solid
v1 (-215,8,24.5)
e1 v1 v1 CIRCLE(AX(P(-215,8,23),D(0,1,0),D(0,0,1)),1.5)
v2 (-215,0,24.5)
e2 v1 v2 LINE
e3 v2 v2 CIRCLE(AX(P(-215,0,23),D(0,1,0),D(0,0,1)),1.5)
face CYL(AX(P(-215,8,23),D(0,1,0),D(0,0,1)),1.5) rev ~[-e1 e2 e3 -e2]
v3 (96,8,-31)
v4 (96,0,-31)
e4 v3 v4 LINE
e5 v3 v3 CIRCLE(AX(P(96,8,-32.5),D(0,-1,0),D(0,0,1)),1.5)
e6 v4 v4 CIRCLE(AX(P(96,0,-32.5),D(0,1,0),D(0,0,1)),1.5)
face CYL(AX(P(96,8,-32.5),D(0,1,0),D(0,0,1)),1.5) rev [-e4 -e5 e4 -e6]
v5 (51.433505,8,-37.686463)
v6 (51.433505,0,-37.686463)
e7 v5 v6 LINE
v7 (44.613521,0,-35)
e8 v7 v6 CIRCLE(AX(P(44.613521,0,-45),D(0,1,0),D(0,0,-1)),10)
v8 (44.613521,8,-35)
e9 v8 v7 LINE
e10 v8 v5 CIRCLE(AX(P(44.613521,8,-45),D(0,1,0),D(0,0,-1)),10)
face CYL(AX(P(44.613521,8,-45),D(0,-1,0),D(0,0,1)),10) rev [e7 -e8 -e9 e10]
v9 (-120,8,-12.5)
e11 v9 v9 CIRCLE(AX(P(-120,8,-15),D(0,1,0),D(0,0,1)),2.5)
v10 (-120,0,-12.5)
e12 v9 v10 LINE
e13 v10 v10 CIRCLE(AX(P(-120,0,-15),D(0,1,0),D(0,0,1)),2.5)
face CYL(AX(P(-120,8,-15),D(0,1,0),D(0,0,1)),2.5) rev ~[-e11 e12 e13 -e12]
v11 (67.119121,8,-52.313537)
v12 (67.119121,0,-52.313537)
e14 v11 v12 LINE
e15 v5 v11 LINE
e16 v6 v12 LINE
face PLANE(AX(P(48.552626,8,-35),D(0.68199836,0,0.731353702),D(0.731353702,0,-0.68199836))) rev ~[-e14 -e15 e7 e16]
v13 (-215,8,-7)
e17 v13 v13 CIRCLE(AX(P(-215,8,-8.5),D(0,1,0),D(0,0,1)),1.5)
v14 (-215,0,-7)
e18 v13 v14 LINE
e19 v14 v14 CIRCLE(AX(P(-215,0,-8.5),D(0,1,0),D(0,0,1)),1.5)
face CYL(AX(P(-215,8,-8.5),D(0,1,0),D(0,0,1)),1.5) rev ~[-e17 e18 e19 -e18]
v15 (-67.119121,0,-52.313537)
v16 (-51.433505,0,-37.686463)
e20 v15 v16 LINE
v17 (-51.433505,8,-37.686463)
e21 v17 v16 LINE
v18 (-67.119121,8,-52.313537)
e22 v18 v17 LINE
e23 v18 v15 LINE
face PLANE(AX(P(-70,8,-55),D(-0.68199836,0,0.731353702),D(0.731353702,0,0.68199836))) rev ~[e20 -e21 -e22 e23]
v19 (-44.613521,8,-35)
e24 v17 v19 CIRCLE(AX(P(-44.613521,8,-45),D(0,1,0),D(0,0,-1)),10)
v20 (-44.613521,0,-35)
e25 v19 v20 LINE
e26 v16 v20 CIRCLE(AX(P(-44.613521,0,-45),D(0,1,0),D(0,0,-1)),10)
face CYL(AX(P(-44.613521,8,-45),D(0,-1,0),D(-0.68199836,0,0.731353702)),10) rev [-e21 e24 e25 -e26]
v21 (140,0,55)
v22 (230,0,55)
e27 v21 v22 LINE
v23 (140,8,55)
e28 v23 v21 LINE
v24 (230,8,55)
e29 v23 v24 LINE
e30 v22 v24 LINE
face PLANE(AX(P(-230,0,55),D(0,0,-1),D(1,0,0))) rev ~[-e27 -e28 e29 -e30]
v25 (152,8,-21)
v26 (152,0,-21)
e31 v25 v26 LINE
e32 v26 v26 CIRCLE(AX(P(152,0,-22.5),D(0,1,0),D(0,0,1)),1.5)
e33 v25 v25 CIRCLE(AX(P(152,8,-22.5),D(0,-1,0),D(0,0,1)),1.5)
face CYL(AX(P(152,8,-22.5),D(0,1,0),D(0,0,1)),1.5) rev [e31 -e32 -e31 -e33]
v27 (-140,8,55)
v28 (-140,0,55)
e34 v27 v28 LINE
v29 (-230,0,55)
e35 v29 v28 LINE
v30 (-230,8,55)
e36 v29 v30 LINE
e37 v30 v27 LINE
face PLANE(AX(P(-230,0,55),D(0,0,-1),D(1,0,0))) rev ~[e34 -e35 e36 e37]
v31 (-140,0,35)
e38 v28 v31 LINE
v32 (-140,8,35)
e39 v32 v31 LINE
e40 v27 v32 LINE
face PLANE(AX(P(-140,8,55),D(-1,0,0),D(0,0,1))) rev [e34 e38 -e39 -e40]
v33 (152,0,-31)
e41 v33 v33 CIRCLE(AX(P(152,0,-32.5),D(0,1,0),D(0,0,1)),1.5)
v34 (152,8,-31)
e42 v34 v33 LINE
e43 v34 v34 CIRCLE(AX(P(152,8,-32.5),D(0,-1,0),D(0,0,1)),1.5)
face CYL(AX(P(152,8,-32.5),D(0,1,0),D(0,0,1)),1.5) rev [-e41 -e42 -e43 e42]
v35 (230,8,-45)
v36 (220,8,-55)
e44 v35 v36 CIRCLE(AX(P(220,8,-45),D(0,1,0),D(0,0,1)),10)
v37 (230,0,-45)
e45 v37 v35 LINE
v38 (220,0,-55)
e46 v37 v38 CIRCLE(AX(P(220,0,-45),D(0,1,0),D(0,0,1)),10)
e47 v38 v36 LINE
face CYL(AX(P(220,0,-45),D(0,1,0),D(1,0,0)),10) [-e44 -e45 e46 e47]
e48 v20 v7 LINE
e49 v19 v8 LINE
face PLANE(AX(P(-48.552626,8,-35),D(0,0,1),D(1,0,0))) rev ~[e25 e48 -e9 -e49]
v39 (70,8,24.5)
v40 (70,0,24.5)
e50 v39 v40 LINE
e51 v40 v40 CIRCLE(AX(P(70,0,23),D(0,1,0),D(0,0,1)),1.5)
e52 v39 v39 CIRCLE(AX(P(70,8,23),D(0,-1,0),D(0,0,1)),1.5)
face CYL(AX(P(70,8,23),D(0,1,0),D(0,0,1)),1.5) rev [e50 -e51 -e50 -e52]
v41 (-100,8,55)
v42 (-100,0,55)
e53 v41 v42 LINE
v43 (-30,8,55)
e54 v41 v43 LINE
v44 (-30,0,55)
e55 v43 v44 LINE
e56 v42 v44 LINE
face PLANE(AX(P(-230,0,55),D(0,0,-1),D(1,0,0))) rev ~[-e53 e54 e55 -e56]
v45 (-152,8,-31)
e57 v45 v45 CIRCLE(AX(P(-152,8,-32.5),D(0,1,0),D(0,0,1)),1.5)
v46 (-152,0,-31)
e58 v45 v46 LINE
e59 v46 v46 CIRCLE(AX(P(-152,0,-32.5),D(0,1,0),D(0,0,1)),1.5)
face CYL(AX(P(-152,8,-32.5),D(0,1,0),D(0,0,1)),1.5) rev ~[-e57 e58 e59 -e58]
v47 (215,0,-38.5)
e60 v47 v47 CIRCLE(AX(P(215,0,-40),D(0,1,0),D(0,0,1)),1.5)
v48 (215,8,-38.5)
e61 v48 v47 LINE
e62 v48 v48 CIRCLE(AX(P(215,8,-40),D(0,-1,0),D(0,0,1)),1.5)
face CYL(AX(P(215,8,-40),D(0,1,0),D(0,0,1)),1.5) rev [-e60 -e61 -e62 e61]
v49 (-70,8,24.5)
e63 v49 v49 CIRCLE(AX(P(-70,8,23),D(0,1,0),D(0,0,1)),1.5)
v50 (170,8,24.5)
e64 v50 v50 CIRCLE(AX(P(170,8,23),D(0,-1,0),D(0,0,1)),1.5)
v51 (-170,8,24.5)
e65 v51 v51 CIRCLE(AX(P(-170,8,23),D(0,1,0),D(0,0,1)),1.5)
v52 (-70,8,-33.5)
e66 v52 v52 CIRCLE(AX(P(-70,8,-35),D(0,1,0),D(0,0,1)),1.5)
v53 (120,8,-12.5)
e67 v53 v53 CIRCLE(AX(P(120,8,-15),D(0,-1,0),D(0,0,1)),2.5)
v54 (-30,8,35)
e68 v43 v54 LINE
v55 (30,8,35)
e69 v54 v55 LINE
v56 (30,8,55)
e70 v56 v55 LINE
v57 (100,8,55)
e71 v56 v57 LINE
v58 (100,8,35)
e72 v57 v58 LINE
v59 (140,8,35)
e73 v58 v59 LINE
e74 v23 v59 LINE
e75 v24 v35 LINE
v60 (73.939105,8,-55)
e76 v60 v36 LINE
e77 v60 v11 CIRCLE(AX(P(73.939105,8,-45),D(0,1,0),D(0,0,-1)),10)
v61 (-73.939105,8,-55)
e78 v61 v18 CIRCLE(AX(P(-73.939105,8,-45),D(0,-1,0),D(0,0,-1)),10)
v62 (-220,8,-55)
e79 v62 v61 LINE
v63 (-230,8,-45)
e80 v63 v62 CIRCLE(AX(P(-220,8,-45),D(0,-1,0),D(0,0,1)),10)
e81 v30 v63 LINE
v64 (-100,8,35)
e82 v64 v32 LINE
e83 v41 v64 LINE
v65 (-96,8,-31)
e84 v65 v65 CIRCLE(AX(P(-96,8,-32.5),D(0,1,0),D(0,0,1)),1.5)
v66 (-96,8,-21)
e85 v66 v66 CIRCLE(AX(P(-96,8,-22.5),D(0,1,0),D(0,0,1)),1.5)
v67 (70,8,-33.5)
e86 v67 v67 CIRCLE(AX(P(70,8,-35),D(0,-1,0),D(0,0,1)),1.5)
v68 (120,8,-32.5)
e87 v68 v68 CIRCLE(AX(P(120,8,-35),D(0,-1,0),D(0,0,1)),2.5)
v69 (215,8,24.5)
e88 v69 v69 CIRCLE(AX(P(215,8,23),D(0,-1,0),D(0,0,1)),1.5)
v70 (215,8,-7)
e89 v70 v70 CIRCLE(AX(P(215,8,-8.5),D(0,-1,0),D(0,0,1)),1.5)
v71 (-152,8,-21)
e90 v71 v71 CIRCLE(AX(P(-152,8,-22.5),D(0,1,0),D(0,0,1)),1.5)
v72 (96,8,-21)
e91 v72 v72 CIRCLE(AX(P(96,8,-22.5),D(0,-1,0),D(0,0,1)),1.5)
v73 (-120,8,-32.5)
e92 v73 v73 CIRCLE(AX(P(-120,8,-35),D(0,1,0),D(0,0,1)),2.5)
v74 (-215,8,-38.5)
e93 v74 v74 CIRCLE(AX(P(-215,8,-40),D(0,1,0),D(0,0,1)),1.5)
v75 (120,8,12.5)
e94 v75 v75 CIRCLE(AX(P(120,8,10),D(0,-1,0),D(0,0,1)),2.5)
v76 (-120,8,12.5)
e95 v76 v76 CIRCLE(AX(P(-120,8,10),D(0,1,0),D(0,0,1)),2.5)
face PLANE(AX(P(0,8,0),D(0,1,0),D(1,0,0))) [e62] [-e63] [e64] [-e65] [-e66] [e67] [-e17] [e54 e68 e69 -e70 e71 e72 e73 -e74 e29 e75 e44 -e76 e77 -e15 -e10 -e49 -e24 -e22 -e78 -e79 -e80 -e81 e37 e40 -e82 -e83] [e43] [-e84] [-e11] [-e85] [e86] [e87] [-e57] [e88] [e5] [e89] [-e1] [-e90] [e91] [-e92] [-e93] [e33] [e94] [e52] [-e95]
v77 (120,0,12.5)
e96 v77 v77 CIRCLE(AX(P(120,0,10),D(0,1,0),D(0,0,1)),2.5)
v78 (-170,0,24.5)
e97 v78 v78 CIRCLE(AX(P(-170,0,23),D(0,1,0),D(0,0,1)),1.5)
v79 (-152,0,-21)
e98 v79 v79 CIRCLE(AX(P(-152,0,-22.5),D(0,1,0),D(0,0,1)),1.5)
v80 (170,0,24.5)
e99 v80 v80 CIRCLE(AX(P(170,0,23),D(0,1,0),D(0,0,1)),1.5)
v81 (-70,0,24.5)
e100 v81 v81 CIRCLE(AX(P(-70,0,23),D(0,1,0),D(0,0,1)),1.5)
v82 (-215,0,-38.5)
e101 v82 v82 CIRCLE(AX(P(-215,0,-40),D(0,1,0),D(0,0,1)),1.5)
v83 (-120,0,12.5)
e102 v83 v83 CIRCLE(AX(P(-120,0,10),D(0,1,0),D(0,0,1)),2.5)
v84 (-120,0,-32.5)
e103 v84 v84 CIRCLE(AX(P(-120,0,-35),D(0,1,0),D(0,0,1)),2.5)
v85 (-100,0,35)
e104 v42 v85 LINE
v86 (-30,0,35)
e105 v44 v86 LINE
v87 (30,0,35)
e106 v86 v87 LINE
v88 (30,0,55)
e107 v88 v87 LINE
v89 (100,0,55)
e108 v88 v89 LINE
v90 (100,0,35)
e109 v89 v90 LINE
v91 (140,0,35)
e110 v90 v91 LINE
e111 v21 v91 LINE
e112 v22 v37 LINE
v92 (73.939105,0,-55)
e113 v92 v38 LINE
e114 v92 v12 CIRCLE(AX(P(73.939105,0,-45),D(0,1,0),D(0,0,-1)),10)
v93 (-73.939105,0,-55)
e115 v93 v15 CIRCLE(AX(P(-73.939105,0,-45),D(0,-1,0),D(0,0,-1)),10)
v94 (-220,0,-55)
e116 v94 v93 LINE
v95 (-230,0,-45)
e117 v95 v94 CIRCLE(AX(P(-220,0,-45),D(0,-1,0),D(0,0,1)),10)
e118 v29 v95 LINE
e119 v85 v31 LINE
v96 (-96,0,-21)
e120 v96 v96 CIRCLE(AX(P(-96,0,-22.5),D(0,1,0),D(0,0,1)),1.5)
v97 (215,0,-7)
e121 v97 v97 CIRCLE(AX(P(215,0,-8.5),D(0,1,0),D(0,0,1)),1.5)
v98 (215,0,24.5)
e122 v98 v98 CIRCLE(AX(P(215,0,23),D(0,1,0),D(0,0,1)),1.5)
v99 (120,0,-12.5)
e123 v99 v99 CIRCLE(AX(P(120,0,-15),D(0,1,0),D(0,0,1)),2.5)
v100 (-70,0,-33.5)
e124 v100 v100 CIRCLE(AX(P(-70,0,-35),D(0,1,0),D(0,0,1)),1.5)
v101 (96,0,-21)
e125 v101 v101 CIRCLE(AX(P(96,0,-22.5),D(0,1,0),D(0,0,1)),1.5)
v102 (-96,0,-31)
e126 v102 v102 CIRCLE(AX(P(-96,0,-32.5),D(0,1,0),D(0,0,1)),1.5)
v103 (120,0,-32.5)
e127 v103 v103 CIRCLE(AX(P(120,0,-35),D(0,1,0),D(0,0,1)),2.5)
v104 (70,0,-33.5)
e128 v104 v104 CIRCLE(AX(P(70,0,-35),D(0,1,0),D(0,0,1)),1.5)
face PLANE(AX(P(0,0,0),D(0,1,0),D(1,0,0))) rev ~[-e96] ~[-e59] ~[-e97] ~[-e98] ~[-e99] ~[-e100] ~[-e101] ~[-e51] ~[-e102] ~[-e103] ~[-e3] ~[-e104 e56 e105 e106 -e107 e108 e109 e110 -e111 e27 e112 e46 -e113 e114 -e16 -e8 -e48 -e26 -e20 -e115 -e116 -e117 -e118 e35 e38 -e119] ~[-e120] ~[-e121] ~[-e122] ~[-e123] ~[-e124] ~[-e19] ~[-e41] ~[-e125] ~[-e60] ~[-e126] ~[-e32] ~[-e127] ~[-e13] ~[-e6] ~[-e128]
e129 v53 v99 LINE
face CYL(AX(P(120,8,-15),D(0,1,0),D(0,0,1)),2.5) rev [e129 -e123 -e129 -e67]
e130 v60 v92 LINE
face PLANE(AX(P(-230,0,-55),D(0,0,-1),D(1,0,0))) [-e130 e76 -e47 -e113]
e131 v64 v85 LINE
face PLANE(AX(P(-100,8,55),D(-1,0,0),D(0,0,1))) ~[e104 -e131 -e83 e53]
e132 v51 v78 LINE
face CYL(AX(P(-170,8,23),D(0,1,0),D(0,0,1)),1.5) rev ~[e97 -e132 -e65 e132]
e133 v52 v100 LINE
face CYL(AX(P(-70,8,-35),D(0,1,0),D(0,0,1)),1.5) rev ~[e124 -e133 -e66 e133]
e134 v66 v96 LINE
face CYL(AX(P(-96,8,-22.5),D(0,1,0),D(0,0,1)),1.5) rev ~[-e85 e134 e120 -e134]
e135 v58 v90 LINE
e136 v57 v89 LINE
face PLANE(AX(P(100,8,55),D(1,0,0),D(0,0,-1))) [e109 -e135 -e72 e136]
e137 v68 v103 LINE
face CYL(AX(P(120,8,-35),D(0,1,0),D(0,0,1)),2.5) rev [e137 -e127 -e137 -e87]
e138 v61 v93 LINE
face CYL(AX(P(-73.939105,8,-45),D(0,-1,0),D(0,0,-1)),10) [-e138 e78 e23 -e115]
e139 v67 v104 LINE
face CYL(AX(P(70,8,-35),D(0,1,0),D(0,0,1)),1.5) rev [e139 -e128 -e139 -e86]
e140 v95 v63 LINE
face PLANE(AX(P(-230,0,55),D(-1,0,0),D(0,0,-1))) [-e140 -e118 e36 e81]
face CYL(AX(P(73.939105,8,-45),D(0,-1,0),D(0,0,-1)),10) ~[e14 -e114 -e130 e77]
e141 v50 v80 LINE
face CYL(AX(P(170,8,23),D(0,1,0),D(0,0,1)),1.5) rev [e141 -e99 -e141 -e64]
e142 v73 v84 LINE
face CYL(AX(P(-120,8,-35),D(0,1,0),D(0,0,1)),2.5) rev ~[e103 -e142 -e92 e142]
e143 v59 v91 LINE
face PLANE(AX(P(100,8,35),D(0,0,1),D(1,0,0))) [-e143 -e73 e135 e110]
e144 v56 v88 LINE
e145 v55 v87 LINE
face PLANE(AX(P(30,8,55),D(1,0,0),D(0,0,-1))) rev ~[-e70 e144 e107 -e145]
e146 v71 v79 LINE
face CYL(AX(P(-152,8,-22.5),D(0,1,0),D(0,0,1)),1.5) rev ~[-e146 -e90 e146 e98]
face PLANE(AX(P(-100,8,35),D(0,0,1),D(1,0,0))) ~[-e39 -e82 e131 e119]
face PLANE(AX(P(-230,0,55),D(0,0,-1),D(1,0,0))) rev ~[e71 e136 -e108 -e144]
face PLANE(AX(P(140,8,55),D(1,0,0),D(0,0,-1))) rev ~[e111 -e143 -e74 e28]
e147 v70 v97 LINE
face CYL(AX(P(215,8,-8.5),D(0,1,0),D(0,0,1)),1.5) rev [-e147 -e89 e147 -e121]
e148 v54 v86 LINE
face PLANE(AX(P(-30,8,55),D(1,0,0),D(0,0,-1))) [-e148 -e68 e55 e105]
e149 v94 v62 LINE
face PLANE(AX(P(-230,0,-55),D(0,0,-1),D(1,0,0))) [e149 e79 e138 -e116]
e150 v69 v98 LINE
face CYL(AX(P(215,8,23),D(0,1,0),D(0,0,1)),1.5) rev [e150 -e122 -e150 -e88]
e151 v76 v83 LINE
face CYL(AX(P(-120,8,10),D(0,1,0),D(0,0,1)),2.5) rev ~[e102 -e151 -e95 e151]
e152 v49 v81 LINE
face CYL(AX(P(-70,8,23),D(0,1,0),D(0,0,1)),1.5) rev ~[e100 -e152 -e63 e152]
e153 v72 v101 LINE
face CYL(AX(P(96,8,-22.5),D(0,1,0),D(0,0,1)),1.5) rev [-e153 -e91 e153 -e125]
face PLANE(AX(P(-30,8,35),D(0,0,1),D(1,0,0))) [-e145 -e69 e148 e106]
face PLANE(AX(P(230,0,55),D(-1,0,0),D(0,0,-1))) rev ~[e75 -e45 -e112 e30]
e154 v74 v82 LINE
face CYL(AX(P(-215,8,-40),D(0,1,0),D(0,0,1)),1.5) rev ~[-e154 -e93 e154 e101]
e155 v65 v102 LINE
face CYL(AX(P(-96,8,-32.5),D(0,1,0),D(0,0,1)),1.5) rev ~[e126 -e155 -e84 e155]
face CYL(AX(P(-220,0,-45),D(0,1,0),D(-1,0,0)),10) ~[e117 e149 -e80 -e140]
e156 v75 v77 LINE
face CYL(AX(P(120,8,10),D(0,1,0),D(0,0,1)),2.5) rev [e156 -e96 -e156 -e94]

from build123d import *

# Parameters (mm, degrees)
SKETCH_2_W          = 460
SKETCH_2_H          = 110
EXTRUDE_1_DEPTH     = 8
SKETCH_4_R          = 1.5
CUT_EXTRUDE_1_DEPTH = 237.619948441
SKETCH_3_R          = 2.5
SKETCH_3_R_2        = 1.5
CUT_EXTRUDE_2_DEPTH = 237.619948441
FILLET_1_R          = 10
SKETCH_5_W          = 60
SKETCH_5_H          = 20
SKETCH_5_W_2        = 40
CUT_EXTRUDE_3_DEPTH = 237.619948441


with BuildPart() as part:
    # 草图2 → 凸台-拉伸1 (new body)
    with BuildSketch(Plane(origin=(0, 0, 0), x_dir=(1, 0, 0), z_dir=(0, 1, 0))):
        Rectangle(SKETCH_2_W, SKETCH_2_H)
    extrude(amount=EXTRUDE_1_DEPTH)

    # 草图4 → 切除-拉伸1 (cut, through all)
    with BuildSketch(Plane(origin=(0, 8, 0), x_dir=(1, 0, 0), z_dir=(0, 1, 0))):
        with Locations(Location((-70, 35, 0), (0, 0, 270))):
            Circle(SKETCH_4_R)
        with Locations(Location((-70, -23, 0), (0, 0, 270))):
            Circle(SKETCH_4_R)
        with Locations(Location((-215, -23, 0), (0, 0, 270))):
            Circle(SKETCH_4_R)
        with Locations(Location((-215, 40, 0), (0, 0, 270))):
            Circle(SKETCH_4_R)
        with Locations(Location((-170, -23, 0), (0, 0, 270))):
            Circle(SKETCH_4_R)
        with Locations(Location((-215, 8.5, 0), (0, 0, 270))):
            Circle(SKETCH_4_R)
    cut_extrude_1 = extrude(amount=-CUT_EXTRUDE_1_DEPTH, mode=Mode.SUBTRACT)

    # 草图3 → 切除-拉伸2 (cut, through all)
    with BuildSketch(Plane(origin=(0, 8, 0), x_dir=(1, 0, 0), z_dir=(0, 1, 0))):
        with Locations(Location((-120, 35, 0), (0, 0, 270))):
            Circle(SKETCH_3_R)
        with Locations(Location((-120, 15, 0), (0, 0, 270))):
            Circle(SKETCH_3_R)
        with Locations(Location((-152, 32.5, 0), (0, 0, 270))):
            Circle(SKETCH_3_R_2)
        with Locations(Location((-152, 22.5, 0), (0, 0, 270))):
            Circle(SKETCH_3_R_2)
        with Locations(Location((-96, 32.5, 0), (0, 0, 270))):
            Circle(SKETCH_3_R_2)
        with Locations(Location((-96, 22.5, 0), (0, 0, 270))):
            Circle(SKETCH_3_R_2)
        with Locations(Location((-120, -10, 0), (0, 0, 270))):
            Circle(SKETCH_3_R)
        Polygon((-70, 55), (-48.5526258, 35), (48.5526258, 35), (70, 55), align=None)
    cut_extrude_2 = extrude(amount=-CUT_EXTRUDE_2_DEPTH, mode=Mode.SUBTRACT)

    # 镜向1: 切除-拉伸1, 切除-拉伸2 across plane
    add(cut_extrude_1.mirror(Plane(origin=(0, 0, 0), x_dir=(0, 0, 1), z_dir=(1, 0, 0))), mode=Mode.SUBTRACT)
    add(cut_extrude_2.mirror(Plane(origin=(0, 0, 0), x_dir=(0, 0, 1), z_dir=(1, 0, 0))), mode=Mode.SUBTRACT)

    # 圆角1
    fillet_1_edges = [part.edges().sort_by_distance(p)[0] for p in [
        (-70, 4, -55),
        (70, 4, -55),
        (48.5526258, 4, -35),
        (-48.5526258, 4, -35),
        (-230, 4, -55),
        (230, 4, -55),
    ]]
    fillet(fillet_1_edges, radius=FILLET_1_R)

    # 草图5 → 切除-拉伸3 (cut, through all)
    with BuildSketch(Plane(origin=(0, 8, 0), x_dir=(1, 0, 0), z_dir=(0, 1, 0))):
        with Locations((0, -45)):
            Rectangle(SKETCH_5_W, SKETCH_5_H)
        with Locations((120, -45)):
            Rectangle(SKETCH_5_W_2, SKETCH_5_H)
    cut_extrude_3 = extrude(amount=-CUT_EXTRUDE_3_DEPTH, mode=Mode.SUBTRACT)

    # 镜向2: 切除-拉伸3 across plane
    add(cut_extrude_3.mirror(Plane(origin=(0, 0, 0), x_dir=(0, 0, 1), z_dir=(1, 0, 0))), mode=Mode.SUBTRACT)


solid = part.part
